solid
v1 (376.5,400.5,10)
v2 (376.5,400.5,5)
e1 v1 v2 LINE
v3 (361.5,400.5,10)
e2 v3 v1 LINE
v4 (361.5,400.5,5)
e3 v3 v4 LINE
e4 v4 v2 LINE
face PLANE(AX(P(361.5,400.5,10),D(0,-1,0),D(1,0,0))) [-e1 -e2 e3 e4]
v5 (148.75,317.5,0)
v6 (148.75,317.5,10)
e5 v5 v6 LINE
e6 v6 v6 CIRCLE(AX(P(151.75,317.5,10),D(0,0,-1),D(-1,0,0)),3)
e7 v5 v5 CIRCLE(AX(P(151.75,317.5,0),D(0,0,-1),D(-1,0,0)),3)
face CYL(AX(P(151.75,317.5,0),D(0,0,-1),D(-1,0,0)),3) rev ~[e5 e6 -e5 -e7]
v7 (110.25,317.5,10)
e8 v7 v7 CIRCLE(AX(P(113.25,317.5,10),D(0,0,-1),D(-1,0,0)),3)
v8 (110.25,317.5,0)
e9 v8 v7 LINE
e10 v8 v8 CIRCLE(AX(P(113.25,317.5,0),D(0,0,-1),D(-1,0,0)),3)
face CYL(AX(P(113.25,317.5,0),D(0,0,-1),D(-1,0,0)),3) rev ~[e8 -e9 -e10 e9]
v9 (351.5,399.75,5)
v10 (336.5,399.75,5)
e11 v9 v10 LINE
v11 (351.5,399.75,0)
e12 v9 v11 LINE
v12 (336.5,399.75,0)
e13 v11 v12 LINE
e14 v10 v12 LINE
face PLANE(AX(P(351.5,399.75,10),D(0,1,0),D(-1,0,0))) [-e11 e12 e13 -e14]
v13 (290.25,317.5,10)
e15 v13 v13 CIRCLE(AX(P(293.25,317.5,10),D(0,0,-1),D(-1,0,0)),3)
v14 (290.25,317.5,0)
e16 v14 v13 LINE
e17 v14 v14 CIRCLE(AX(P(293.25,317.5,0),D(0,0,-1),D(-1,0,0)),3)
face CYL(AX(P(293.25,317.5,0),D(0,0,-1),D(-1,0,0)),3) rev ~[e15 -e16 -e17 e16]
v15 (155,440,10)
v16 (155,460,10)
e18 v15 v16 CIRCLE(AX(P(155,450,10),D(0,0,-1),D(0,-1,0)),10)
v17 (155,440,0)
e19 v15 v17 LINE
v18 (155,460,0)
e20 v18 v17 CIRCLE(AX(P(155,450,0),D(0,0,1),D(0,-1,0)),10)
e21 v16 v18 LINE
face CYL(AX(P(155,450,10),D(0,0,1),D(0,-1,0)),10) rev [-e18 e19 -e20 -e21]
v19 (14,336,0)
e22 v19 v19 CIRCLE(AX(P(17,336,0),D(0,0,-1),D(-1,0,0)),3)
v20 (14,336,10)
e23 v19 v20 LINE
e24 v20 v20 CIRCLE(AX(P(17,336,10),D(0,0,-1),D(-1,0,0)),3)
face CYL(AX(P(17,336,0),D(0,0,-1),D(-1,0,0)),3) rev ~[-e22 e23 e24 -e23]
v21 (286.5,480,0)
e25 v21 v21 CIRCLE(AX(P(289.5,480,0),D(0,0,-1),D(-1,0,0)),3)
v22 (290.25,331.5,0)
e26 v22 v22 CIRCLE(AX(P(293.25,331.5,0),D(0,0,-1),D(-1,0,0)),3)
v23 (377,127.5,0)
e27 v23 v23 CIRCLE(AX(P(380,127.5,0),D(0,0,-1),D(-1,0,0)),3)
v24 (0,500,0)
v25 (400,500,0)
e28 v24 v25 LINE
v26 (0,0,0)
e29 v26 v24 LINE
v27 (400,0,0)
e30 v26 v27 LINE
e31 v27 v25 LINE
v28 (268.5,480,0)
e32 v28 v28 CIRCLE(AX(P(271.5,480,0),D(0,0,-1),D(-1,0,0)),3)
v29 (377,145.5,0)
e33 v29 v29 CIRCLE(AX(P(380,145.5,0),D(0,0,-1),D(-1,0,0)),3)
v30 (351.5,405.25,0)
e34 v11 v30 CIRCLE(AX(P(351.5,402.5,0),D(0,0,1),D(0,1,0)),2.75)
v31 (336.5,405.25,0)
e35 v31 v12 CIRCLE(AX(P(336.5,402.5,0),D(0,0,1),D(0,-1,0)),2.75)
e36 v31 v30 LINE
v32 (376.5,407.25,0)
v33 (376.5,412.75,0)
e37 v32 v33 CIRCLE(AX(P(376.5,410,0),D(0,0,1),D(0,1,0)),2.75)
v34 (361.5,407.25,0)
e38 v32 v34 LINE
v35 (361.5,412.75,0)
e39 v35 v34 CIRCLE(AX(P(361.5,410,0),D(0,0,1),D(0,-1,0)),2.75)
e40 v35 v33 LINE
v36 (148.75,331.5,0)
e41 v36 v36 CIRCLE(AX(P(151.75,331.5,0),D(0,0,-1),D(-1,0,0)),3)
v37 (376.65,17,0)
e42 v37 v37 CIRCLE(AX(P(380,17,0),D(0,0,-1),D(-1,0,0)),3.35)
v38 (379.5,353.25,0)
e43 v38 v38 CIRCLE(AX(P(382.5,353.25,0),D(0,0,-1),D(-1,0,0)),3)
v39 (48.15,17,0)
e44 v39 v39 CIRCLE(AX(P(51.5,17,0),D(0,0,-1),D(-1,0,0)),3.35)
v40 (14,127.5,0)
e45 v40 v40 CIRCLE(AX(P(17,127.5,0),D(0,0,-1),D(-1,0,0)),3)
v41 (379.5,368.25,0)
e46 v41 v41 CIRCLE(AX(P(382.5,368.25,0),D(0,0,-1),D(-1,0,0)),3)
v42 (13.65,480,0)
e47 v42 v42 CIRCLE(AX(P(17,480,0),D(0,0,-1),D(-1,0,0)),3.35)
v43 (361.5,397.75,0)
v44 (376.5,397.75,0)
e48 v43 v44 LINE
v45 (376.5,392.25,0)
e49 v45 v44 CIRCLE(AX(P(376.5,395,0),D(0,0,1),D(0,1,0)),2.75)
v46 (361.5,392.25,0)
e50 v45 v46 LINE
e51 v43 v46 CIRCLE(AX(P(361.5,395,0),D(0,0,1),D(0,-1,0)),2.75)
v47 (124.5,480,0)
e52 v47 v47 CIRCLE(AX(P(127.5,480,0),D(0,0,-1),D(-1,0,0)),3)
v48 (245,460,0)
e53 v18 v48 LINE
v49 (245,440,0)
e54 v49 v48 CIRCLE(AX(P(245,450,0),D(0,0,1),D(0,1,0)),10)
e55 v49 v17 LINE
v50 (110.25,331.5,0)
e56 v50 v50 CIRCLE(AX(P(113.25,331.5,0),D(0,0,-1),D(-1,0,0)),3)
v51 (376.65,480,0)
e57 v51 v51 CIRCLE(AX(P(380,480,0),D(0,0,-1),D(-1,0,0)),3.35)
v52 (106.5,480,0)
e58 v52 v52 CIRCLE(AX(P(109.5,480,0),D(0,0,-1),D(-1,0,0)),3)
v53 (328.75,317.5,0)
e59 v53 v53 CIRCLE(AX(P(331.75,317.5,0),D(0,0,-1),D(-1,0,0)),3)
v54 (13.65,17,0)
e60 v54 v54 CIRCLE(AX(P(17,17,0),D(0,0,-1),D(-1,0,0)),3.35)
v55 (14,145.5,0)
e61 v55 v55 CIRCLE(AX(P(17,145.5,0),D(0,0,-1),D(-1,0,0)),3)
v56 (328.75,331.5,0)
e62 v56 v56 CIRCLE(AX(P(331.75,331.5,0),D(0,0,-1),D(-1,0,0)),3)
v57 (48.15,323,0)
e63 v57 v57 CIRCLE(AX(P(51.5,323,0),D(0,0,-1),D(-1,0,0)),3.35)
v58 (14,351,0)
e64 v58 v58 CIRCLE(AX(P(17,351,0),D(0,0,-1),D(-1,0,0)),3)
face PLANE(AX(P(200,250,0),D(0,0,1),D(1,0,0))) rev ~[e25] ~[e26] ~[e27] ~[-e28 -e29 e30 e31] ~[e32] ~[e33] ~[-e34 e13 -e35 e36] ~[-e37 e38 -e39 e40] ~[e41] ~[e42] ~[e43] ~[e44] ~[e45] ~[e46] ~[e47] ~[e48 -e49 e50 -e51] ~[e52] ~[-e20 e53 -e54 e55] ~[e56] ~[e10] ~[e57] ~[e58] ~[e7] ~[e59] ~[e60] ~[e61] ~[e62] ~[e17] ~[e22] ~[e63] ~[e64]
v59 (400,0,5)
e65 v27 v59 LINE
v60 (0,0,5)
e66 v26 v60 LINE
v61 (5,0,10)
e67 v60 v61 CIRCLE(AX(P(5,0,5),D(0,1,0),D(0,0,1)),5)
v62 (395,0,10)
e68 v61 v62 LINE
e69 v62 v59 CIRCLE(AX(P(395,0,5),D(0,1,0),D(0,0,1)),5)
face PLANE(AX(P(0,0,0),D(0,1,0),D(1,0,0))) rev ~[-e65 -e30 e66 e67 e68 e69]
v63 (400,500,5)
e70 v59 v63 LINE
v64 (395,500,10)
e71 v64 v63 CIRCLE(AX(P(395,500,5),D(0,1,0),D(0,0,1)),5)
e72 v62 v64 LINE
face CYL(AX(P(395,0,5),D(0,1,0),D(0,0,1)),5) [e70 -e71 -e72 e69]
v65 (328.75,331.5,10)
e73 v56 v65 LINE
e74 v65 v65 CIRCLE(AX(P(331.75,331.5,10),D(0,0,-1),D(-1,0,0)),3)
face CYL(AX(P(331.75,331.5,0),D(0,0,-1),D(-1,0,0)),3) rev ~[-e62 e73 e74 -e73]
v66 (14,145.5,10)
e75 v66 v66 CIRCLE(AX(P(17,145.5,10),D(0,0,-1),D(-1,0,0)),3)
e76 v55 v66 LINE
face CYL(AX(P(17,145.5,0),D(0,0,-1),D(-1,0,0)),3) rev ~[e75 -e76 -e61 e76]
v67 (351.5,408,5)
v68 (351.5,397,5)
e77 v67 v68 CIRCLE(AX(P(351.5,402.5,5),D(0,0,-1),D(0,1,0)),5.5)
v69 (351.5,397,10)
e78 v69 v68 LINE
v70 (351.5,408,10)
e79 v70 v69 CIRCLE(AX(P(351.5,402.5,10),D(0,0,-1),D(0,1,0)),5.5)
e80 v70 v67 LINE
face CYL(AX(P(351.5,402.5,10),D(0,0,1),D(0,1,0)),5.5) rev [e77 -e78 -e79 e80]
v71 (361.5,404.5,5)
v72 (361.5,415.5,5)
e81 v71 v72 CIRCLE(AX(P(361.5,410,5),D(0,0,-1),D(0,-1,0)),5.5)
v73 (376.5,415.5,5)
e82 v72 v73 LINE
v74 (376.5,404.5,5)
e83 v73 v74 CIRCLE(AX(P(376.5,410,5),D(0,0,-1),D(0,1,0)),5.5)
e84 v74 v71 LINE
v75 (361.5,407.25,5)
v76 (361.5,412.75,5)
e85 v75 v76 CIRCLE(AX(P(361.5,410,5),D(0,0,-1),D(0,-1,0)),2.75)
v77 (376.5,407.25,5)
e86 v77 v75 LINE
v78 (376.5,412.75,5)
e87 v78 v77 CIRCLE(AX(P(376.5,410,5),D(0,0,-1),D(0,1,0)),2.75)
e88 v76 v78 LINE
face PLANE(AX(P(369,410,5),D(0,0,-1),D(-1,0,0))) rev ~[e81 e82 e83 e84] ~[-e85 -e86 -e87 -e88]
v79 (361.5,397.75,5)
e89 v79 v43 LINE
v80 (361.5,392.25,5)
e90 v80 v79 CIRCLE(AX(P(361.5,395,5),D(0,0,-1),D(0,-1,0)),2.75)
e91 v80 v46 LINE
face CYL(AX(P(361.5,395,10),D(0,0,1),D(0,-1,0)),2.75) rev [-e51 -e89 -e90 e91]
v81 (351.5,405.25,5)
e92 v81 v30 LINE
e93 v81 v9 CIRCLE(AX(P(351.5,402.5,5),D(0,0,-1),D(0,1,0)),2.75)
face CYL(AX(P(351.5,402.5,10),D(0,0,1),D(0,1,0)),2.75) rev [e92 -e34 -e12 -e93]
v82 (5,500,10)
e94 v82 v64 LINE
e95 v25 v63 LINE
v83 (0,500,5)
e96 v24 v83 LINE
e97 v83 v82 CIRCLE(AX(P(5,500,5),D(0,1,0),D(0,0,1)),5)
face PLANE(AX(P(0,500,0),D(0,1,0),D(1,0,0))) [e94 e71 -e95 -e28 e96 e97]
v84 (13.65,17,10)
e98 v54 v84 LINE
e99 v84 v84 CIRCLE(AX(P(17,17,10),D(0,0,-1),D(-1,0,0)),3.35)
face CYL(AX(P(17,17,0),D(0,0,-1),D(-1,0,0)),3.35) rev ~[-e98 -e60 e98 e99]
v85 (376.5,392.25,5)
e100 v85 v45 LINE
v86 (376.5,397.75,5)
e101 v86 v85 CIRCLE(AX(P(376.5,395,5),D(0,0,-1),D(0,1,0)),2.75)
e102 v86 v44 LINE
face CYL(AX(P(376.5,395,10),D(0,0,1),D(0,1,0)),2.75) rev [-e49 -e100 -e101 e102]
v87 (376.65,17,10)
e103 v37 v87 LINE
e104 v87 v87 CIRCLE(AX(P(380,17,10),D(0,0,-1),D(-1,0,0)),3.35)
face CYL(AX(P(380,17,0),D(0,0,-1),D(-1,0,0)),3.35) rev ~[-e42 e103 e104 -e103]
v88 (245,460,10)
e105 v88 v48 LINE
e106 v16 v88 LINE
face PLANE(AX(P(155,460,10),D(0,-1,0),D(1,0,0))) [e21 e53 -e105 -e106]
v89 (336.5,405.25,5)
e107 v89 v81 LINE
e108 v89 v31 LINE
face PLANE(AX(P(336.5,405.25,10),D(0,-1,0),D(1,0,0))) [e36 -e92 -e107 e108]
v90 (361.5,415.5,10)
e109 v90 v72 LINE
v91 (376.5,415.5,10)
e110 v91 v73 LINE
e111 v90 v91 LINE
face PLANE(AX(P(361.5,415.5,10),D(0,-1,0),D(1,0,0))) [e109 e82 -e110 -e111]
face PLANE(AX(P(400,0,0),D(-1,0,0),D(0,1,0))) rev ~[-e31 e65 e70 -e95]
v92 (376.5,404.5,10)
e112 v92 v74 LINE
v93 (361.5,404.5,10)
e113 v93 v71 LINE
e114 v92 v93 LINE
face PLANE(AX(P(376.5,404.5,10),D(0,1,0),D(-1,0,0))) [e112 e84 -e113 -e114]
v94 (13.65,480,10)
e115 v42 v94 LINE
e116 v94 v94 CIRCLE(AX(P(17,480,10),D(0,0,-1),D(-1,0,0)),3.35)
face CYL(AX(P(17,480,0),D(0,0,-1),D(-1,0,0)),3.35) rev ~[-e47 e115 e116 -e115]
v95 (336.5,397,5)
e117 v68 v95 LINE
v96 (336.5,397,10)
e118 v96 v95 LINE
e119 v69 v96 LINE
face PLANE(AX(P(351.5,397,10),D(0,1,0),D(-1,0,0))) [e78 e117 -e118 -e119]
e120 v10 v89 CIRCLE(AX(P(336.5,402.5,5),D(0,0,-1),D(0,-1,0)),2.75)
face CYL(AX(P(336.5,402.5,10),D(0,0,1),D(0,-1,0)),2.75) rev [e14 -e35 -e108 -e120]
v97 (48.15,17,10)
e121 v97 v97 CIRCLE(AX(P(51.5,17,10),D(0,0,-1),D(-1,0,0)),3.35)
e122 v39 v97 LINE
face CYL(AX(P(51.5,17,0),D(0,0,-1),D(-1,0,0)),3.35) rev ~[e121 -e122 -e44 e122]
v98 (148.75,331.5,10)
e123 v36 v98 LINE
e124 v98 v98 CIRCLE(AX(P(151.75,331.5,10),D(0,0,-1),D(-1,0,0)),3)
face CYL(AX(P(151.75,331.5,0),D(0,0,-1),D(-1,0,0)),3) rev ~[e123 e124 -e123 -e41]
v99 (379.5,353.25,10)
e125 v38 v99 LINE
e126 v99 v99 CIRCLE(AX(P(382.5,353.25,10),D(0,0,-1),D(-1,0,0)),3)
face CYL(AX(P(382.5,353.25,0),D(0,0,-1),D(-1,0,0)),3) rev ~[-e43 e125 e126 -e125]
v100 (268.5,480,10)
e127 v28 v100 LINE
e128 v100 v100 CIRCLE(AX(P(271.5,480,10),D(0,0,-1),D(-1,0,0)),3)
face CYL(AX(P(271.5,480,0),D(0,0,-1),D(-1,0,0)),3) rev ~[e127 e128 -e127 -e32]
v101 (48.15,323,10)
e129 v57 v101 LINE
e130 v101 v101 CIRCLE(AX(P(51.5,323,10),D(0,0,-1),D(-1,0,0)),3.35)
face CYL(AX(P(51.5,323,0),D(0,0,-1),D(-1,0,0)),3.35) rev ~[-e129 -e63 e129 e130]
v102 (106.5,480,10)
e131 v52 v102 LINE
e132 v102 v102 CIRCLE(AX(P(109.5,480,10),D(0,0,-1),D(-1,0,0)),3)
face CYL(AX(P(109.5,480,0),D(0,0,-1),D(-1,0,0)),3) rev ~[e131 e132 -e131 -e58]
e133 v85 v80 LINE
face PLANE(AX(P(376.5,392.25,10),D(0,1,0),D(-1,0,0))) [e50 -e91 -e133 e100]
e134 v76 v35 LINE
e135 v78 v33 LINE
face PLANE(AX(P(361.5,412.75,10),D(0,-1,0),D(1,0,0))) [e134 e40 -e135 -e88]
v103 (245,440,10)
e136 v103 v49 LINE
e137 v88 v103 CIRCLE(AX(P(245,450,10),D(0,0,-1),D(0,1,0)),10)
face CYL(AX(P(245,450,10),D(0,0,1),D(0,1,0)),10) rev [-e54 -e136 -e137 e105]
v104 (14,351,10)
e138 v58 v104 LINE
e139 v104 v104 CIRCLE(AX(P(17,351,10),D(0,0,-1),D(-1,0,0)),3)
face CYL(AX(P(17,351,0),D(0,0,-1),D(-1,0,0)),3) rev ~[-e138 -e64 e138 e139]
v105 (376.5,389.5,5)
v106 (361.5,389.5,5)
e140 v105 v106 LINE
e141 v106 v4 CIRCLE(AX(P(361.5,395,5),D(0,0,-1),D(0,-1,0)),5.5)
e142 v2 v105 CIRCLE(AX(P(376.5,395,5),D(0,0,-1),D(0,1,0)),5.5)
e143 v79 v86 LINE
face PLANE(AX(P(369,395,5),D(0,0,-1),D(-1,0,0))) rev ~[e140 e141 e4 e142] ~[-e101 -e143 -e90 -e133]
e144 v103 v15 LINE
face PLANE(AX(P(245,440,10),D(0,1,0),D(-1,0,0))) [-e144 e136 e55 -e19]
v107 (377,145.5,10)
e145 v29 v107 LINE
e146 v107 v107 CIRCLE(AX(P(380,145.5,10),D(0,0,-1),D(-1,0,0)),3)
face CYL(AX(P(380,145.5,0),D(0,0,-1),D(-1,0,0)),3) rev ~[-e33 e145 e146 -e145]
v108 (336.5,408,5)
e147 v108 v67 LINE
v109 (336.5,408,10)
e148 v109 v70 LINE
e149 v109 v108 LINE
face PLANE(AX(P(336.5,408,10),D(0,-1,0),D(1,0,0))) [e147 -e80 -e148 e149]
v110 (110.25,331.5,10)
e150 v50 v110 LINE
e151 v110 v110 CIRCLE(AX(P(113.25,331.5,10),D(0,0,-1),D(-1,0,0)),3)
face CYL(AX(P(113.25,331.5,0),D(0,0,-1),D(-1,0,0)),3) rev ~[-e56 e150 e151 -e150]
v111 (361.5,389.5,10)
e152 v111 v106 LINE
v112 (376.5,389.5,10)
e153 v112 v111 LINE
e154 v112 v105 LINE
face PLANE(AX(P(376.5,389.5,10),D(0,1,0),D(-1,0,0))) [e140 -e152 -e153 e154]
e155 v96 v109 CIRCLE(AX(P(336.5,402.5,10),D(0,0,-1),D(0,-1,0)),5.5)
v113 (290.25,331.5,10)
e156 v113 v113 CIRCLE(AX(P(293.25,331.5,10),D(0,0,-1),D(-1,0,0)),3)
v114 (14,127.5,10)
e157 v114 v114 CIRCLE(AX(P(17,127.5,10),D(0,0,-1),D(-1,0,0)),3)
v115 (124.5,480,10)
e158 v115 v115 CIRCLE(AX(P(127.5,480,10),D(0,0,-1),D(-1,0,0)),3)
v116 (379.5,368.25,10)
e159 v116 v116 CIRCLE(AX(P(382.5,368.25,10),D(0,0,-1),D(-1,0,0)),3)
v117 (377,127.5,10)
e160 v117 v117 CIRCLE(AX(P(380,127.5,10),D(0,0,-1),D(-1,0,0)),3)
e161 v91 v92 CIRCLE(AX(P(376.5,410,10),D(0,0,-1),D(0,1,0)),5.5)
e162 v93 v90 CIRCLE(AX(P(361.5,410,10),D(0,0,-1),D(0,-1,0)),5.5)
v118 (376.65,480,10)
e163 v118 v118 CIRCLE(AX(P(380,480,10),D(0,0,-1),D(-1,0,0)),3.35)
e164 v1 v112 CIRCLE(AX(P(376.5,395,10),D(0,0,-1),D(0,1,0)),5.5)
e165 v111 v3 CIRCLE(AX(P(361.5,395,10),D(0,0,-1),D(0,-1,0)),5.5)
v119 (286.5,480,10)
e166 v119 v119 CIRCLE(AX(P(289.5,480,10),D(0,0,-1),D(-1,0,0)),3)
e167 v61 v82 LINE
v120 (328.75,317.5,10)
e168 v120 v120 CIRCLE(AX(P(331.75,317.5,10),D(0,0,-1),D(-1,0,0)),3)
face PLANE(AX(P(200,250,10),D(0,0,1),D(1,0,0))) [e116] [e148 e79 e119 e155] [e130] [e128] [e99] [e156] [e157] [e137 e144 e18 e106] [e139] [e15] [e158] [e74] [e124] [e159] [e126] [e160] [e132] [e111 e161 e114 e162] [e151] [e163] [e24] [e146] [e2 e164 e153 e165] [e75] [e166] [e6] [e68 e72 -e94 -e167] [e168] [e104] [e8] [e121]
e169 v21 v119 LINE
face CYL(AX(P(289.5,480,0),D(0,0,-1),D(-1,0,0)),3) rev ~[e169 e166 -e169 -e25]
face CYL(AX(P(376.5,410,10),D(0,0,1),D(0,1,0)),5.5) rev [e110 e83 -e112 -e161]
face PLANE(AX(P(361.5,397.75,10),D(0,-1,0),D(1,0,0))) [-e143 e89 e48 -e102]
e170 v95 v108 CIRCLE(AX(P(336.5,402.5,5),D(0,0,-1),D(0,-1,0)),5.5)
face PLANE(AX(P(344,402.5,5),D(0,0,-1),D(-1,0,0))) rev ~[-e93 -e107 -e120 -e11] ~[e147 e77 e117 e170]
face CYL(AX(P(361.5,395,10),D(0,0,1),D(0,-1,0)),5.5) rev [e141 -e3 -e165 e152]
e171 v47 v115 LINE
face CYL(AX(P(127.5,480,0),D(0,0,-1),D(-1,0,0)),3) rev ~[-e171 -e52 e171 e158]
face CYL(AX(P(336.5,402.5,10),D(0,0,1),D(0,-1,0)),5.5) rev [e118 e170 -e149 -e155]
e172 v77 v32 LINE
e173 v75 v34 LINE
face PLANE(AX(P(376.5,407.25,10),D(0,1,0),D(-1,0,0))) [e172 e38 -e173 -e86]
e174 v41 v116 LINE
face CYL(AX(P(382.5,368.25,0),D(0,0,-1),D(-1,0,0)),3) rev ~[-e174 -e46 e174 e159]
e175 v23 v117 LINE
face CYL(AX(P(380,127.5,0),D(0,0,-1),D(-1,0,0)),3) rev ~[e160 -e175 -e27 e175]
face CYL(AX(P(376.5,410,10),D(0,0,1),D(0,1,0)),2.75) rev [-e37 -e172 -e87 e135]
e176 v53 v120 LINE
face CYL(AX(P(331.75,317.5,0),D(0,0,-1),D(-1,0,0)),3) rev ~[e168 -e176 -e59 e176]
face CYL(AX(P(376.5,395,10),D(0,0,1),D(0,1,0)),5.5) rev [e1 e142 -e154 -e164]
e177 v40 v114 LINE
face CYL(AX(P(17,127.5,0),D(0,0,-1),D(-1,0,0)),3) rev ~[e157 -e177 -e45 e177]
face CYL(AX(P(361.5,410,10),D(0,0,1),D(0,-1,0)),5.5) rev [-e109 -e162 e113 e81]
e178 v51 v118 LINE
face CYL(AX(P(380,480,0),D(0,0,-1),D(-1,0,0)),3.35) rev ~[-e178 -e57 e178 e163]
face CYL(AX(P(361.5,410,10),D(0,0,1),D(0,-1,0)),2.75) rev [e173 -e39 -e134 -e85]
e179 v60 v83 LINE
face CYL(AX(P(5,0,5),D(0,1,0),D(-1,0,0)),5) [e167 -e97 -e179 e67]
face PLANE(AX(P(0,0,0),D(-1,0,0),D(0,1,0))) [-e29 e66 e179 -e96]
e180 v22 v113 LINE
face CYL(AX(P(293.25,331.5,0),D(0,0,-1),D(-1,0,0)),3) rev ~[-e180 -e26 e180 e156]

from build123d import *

# Parameters (mm, degrees)
SKETCH1_W           = 400
SKETCH1_H           = 500
BOSS_EXTRUDE1_DEPTH = 10
CUT_EXTRUDE12_DEPTH = 20
FILLET2_R           = 5
CUT_EXTRUDE16_DEPTH = 32
SKETCH19_R          = 3
SKETCH19_R_2        = 3.35
CUT_EXTRUDE17_DEPTH = 124
CUT_EXTRUDE18_DEPTH = 5


with BuildPart() as part:
    # Sketch1 → Boss-Extrude1 (new body)
    with BuildSketch(Plane.XY):
        with Locations((200, 250)):
            Rectangle(SKETCH1_W, SKETCH1_H)
    extrude(amount=BOSS_EXTRUDE1_DEPTH)

    # Sketch15 → Cut-Extrude12 (cut)
    with BuildSketch(Plane.XY.offset(10)):
        with BuildLine():
            Line((155, 460), (245, 460))
            ThreePointArc((245, 460), (255, 450), (245, 440))
            Line((245, 440), (155, 440))
            ThreePointArc((155, 440), (145, 450), (155, 460))
        make_face()
    extrude(amount=-CUT_EXTRUDE12_DEPTH, mode=Mode.SUBTRACT)

    # Fillet2
    fillet2_edges = [part.edges().sort_by_distance(p)[0] for p in [
        (0, 250, 10),
        (400, 250, 10),
    ]]
    fillet(fillet2_edges, radius=FILLET2_R)

    # Sketch18 → Cut-Extrude16 (cut)
    with BuildSketch(Plane.XY.offset(10)):
        with BuildLine():
            Line((351.5, 399.75), (336.5, 399.75))
            ThreePointArc((336.5, 399.75), (333.75, 402.5), (336.5, 405.25))
            Line((336.5, 405.25), (351.5, 405.25))
            ThreePointArc((351.5, 405.25), (354.25, 402.5), (351.5, 399.75))
        make_face()
        with BuildLine():
            Line((376.5, 407.25), (361.5, 407.25))
            ThreePointArc((361.5, 407.25), (358.75, 410), (361.5, 412.75))
            Line((361.5, 412.75), (376.5, 412.75))
            ThreePointArc((376.5, 412.75), (379.25, 410), (376.5, 407.25))
        make_face()
        with BuildLine():
            Line((376.5, 392.25), (361.5, 392.25))
            ThreePointArc((361.5, 392.25), (358.75, 395), (361.5, 397.75))
            Line((361.5, 397.75), (376.5, 397.75))
            ThreePointArc((376.5, 397.75), (379.25, 395), (376.5, 392.25))
        make_face()
    extrude(amount=-CUT_EXTRUDE16_DEPTH, mode=Mode.SUBTRACT)

    # Sketch19 → Cut-Extrude17 (cut)
    with BuildSketch(Plane(origin=(0, 0, 0), x_dir=(-1, 0, 0), z_dir=(0, 0, -1))):
        with Locations((-380, 145.5)):
            Circle(SKETCH19_R)
        with Locations((-380, 127.5)):
            Circle(SKETCH19_R)
        with Locations((-380, 17)):
            Circle(SKETCH19_R_2)
        with Locations((-17, 17)):
            Circle(SKETCH19_R_2)
        with Locations((-17, 145.5)):
            Circle(SKETCH19_R)
        with Locations((-17, 127.5)):
            Circle(SKETCH19_R)
        with Locations((-113.25, 317.5)):
            Circle(SKETCH19_R)
        with Locations((-113.25, 331.5)):
            Circle(SKETCH19_R)
        with Locations((-151.75, 317.5)):
            Circle(SKETCH19_R)
        with Locations((-151.75, 331.5)):
            Circle(SKETCH19_R)
        with Locations((-293.25, 317.5)):
            Circle(SKETCH19_R)
        with Locations((-293.25, 331.5)):
            Circle(SKETCH19_R)
        with Locations((-331.75, 317.5)):
            Circle(SKETCH19_R)
        with Locations((-331.75, 331.5)):
            Circle(SKETCH19_R)
        with Locations((-17, 336)):
            Circle(SKETCH19_R)
        with Locations((-17, 351)):
            Circle(SKETCH19_R)
        with Locations((-17, 480)):
            Circle(SKETCH19_R_2)
        with Locations((-109.5, 480)):
            Circle(SKETCH19_R)
        with Locations((-127.5, 480)):
            Circle(SKETCH19_R)
        with Locations((-271.5, 480)):
            Circle(SKETCH19_R)
        with Locations((-289.5, 480)):
            Circle(SKETCH19_R)
        with Locations((-380, 480)):
            Circle(SKETCH19_R_2)
        with Locations((-382.5, 353.25)):
            Circle(SKETCH19_R)
        with Locations((-382.5, 368.25)):
            Circle(SKETCH19_R)
        with Locations((-51.5, 323)):
            Circle(SKETCH19_R_2)
        with Locations((-51.5, 17)):
            Circle(SKETCH19_R_2)
    extrude(amount=-CUT_EXTRUDE17_DEPTH, mode=Mode.SUBTRACT)

    # Sketch18<4> → Cut-Extrude18 (cut)
    # profile 1 of 3: a face of its own
    with BuildSketch(Plane.XY.offset(10)):
        with BuildLine():
            Line((351.5, 397), (336.5, 397))
            ThreePointArc((336.5, 397), (331, 402.5), (336.5, 408))
            Line((336.5, 408), (351.5, 408))
            ThreePointArc((351.5, 408), (357, 402.5), (351.5, 397))
        make_face()
        with BuildLine():
            Line((351.5, 399.75), (336.5, 399.75))
            ThreePointArc((336.5, 399.75), (333.75, 402.5), (336.5, 405.25))
            Line((336.5, 405.25), (351.5, 405.25))
            ThreePointArc((351.5, 405.25), (354.25, 402.5), (351.5, 399.75))
        make_face(mode=Mode.SUBTRACT)
    # profile 2 of 3: a face of its own
    with BuildSketch(Plane.XY.offset(10)):
        with BuildLine():
            Line((376.5, 404.5), (361.5, 404.5))
            ThreePointArc((361.5, 404.5), (356, 410), (361.5, 415.5))
            Line((361.5, 415.5), (376.5, 415.5))
            ThreePointArc((376.5, 415.5), (382, 410), (376.5, 404.5))
        make_face()
        with BuildLine():
            Line((376.5, 407.25), (361.5, 407.25))
            ThreePointArc((361.5, 407.25), (358.75, 410), (361.5, 412.75))
            Line((361.5, 412.75), (376.5, 412.75))
            ThreePointArc((376.5, 412.75), (379.25, 410), (376.5, 407.25))
        make_face(mode=Mode.SUBTRACT)
    # profile 3 of 3: a face of its own
    with BuildSketch(Plane.XY.offset(10)):
        with BuildLine():
            Line((376.5, 389.5), (361.5, 389.5))
            ThreePointArc((361.5, 389.5), (356, 395), (361.5, 400.5))
            Line((361.5, 400.5), (376.5, 400.5))
            ThreePointArc((376.5, 400.5), (382, 395), (376.5, 389.5))
        make_face()
        with BuildLine():
            Line((376.5, 392.25), (361.5, 392.25))
            ThreePointArc((361.5, 392.25), (358.75, 395), (361.5, 397.75))
            Line((361.5, 397.75), (376.5, 397.75))
            ThreePointArc((376.5, 397.75), (379.25, 395), (376.5, 392.25))
        make_face(mode=Mode.SUBTRACT)
    extrude(amount=-CUT_EXTRUDE18_DEPTH, mode=Mode.SUBTRACT)


solid = part.part
